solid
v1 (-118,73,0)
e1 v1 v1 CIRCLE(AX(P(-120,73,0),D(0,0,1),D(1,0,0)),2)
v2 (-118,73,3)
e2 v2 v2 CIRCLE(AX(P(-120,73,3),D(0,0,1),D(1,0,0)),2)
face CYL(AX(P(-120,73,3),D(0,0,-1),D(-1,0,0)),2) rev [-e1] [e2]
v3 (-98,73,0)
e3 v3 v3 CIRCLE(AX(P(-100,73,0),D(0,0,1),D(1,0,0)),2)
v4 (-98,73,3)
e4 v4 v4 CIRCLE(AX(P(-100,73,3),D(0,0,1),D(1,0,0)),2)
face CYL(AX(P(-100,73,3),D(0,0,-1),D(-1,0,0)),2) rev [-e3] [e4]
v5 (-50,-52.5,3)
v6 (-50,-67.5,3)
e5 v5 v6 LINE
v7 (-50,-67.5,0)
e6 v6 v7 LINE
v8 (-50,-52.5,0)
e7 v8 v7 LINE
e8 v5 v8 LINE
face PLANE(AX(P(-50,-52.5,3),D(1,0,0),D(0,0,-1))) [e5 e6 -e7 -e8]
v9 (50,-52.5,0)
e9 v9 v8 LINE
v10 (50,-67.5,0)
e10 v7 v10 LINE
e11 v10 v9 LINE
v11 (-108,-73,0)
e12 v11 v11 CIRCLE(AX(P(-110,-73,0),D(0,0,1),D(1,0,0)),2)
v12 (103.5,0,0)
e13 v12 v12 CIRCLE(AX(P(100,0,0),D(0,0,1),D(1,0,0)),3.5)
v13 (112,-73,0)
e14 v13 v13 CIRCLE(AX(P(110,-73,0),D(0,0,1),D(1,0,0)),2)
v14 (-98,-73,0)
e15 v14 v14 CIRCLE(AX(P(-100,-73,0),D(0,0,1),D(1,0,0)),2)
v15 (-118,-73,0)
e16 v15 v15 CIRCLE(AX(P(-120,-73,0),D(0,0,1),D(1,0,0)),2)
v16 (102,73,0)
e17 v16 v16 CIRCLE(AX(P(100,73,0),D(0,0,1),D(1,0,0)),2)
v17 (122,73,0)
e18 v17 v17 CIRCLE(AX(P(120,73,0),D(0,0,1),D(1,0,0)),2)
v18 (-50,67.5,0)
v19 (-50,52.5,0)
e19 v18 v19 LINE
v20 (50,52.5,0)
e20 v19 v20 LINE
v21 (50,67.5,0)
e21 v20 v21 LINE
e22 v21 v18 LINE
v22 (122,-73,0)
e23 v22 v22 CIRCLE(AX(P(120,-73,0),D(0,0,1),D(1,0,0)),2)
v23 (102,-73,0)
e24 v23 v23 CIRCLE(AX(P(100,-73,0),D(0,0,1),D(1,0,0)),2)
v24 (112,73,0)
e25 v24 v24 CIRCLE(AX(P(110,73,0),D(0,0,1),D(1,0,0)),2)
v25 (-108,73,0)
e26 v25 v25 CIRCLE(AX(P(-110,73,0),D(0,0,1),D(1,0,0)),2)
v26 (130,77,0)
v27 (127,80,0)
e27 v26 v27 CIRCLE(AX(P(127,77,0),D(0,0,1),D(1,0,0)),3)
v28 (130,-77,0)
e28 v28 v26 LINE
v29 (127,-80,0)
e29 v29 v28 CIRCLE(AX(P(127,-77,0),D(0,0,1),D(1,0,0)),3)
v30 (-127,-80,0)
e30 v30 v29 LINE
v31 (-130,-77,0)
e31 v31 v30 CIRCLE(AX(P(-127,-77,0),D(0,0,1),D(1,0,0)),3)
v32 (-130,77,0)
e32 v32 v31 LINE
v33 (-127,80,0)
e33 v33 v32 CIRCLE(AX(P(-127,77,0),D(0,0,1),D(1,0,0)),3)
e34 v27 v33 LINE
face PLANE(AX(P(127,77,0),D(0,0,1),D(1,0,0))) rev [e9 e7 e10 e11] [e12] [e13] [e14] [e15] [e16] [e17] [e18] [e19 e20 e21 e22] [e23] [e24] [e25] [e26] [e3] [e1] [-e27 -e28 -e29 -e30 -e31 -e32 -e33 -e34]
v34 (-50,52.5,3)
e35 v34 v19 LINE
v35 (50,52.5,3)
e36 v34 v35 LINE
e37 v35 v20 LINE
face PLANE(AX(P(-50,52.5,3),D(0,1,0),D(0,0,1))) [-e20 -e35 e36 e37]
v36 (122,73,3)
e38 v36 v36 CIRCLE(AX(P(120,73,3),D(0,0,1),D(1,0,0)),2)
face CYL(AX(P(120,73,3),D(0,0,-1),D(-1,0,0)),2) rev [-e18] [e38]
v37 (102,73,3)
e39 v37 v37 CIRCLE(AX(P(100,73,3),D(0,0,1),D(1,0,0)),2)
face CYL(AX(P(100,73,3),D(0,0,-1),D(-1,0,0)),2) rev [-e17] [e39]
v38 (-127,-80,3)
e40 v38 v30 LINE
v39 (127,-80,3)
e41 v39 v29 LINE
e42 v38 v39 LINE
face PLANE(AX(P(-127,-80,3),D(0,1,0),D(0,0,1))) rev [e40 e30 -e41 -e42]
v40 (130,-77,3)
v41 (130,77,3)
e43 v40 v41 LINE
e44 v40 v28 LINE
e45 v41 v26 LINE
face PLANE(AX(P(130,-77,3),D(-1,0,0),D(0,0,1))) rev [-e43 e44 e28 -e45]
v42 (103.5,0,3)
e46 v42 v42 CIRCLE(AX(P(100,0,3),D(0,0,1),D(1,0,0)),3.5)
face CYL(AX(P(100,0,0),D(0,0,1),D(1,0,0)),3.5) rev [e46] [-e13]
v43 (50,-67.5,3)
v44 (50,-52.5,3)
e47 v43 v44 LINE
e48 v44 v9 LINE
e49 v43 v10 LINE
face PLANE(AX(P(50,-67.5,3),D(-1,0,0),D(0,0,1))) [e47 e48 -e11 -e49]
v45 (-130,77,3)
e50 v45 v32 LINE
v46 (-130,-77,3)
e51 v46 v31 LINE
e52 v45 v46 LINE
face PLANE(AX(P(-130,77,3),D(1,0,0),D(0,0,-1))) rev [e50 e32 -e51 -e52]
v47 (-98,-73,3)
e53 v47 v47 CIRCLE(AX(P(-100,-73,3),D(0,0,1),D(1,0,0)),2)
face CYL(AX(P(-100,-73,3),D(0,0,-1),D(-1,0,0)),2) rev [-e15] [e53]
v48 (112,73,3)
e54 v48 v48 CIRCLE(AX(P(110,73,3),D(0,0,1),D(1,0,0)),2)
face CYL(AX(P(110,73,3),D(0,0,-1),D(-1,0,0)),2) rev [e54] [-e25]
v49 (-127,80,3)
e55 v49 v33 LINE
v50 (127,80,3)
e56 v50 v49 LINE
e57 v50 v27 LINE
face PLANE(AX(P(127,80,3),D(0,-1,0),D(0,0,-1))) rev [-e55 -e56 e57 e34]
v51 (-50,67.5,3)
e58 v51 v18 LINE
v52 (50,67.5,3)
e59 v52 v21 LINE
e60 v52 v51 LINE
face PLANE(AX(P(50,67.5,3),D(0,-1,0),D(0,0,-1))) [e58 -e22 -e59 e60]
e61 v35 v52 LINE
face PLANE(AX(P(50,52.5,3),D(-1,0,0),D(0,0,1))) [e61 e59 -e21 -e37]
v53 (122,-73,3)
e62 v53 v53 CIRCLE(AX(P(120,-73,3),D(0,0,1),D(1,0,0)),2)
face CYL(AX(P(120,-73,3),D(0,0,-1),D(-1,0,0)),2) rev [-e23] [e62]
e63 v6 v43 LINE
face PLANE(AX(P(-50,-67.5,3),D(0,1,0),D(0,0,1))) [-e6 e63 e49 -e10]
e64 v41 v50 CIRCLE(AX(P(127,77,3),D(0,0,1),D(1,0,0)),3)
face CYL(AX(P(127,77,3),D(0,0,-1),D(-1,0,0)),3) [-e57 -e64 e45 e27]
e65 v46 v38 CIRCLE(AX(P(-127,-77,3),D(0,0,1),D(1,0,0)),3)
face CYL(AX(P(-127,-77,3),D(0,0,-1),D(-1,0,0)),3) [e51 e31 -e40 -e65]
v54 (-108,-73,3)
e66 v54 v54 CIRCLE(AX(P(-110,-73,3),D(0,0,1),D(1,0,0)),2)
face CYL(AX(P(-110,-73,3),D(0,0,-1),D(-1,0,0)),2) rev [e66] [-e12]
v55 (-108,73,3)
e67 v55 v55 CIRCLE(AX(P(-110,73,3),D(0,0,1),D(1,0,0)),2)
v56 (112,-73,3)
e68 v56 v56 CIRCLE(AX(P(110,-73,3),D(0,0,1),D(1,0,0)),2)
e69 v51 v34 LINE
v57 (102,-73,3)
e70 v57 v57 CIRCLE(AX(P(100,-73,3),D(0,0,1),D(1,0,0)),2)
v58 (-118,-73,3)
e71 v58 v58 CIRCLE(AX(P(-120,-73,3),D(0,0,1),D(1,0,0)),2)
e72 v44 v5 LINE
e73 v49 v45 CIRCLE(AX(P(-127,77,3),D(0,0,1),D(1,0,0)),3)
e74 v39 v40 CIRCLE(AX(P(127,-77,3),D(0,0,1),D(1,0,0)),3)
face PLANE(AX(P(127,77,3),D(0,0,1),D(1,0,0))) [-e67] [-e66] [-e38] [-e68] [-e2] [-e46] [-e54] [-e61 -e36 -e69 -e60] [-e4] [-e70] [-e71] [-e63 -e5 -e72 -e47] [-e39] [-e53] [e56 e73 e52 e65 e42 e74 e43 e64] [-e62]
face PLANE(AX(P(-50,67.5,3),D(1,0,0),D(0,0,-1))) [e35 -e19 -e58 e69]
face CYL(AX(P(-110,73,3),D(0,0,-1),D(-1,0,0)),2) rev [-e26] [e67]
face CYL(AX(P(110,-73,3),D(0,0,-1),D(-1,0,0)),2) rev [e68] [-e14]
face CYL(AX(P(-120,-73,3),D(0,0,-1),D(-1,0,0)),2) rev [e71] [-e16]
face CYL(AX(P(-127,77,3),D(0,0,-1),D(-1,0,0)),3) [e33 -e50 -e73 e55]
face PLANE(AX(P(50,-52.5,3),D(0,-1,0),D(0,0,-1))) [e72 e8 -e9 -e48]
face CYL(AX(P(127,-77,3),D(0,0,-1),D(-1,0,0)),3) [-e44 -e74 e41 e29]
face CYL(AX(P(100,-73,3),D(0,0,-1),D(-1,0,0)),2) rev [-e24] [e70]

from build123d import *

# Parameters (mm, degrees)
MODEL_R             = 1.5
MODEL_R_2           = 2
MODEL_W             = 40
MODEL_H             = 40
MODEL_W_2           = 100
MODEL_H_2           = 15
EXTRUDE_1_DEPTH     = 3
SKETCH_2_W          = 96.919809602
SKETCH_2_H          = 88.226620572
EXTRUDE_2_DEPTH     = 3
SKETCH_3_W          = 55.118517674
SKETCH_3_H          = 61.40720761
EXTRUDE_3_DEPTH     = 3
SKETCH_4_R          = 3.5
CUT_EXTRUDE_4_DEPTH = 3
SKETCH_5_W          = 51.049365362
SKETCH_5_H          = 59.002708518
EXTRUDE_4_DEPTH     = 3


with BuildPart() as part:
    # Model → 凸台-拉伸1 (new body)
    with BuildSketch(Plane.XY):
        with BuildLine():
            Line((130, -77), (130, 77))
            ThreePointArc((130, 77), (129.121320344, 79.121320344), (127, 80))
            Line((127, 80), (-127, 80))
            ThreePointArc((-127, 80), (-129.121320344, 79.121320344), (-130, 77))
            Line((-130, 77), (-130, -77))
            ThreePointArc((-130, -77), (-129.121320344, -79.121320344), (-127, -80))
            Line((-127, -80), (127, -80))
            ThreePointArc((127, -80), (129.121320344, -79.121320344), (130, -77))
        make_face()
        with Locations((0, 40.4)):
            Circle(MODEL_R, mode=Mode.SUBTRACT)
        with Locations((40.4, 0)):
            Circle(MODEL_R, mode=Mode.SUBTRACT)
        with Locations((0, -40.4)):
            Circle(MODEL_R, mode=Mode.SUBTRACT)
        with Locations((-40.4, 0)):
            Circle(MODEL_R, mode=Mode.SUBTRACT)
        with Locations((-110, 73)):
            Circle(MODEL_R_2, mode=Mode.SUBTRACT)
        with Locations((110, 73)):
            Circle(MODEL_R_2, mode=Mode.SUBTRACT)
        with Locations((110, -73)):
            Circle(MODEL_R_2, mode=Mode.SUBTRACT)
        with Locations((-110, -73)):
            Circle(MODEL_R_2, mode=Mode.SUBTRACT)
        with Locations((-120, 73)):
            Circle(MODEL_R_2, mode=Mode.SUBTRACT)
        with Locations((120, 73)):
            Circle(MODEL_R_2, mode=Mode.SUBTRACT)
        with Locations((-120, -73)):
            Circle(MODEL_R_2, mode=Mode.SUBTRACT)
        with Locations((120, -73)):
            Circle(MODEL_R_2, mode=Mode.SUBTRACT)
        with Locations((-100, 73)):
            Circle(MODEL_R_2, mode=Mode.SUBTRACT)
        with Locations((100, 73)):
            Circle(MODEL_R_2, mode=Mode.SUBTRACT)
        with Locations((100, -73)):
            Circle(MODEL_R_2, mode=Mode.SUBTRACT)
        with Locations((-100, -73)):
            Circle(MODEL_R_2, mode=Mode.SUBTRACT)
        with Locations((-90, 0)):
            Rectangle(MODEL_W, MODEL_H, mode=Mode.SUBTRACT)
        with Locations((90, 0)):
            Rectangle(MODEL_W, MODEL_H, mode=Mode.SUBTRACT)
        with Locations((0, 60)):
            Rectangle(MODEL_W_2, MODEL_H_2, mode=Mode.SUBTRACT)
        with Locations((0, -60)):
            Rectangle(MODEL_W_2, MODEL_H_2, mode=Mode.SUBTRACT)
        with BuildLine():
            Line((28.543233286, -28.543233286), (28.543233286, -23.543233286))
            ThreePointArc((28.543233286, -23.543233286), (-26.162950904, 26.162950904), (23.543233286, -28.543233286))
            Line((23.543233286, -28.543233286), (28.543233286, -28.543233286))
        make_face(mode=Mode.SUBTRACT)
    extrude(amount=EXTRUDE_1_DEPTH)

    # 草图2 → 凸台-拉伸2 (add)
    with BuildSketch(Plane.XY.offset(3)):
        Rectangle(SKETCH_2_W, SKETCH_2_H)
    extrude(amount=-EXTRUDE_2_DEPTH)

    # 草图3 → 凸台-拉伸3 (add)
    with BuildSketch(Plane.XY.offset(3)):
        with Locations((88.781504979, -1.572172484)):
            Rectangle(SKETCH_3_W, SKETCH_3_H)
    extrude(amount=-EXTRUDE_3_DEPTH)

    # 草图4 → 切除-拉伸4 (cut)
    with BuildSketch(Plane.XY.offset(3)):
        with Locations((100, 0)):
            Circle(SKETCH_4_R)
    extrude(amount=-CUT_EXTRUDE_4_DEPTH, mode=Mode.SUBTRACT)

    # 草图5 → 凸台-拉伸4 (add)
    with BuildSketch(Plane.XY.offset(3)):
        with Locations((-90.446158197, 0)):
            Rectangle(SKETCH_5_W, SKETCH_5_H)
    extrude(amount=-EXTRUDE_4_DEPTH)


solid = part.part
